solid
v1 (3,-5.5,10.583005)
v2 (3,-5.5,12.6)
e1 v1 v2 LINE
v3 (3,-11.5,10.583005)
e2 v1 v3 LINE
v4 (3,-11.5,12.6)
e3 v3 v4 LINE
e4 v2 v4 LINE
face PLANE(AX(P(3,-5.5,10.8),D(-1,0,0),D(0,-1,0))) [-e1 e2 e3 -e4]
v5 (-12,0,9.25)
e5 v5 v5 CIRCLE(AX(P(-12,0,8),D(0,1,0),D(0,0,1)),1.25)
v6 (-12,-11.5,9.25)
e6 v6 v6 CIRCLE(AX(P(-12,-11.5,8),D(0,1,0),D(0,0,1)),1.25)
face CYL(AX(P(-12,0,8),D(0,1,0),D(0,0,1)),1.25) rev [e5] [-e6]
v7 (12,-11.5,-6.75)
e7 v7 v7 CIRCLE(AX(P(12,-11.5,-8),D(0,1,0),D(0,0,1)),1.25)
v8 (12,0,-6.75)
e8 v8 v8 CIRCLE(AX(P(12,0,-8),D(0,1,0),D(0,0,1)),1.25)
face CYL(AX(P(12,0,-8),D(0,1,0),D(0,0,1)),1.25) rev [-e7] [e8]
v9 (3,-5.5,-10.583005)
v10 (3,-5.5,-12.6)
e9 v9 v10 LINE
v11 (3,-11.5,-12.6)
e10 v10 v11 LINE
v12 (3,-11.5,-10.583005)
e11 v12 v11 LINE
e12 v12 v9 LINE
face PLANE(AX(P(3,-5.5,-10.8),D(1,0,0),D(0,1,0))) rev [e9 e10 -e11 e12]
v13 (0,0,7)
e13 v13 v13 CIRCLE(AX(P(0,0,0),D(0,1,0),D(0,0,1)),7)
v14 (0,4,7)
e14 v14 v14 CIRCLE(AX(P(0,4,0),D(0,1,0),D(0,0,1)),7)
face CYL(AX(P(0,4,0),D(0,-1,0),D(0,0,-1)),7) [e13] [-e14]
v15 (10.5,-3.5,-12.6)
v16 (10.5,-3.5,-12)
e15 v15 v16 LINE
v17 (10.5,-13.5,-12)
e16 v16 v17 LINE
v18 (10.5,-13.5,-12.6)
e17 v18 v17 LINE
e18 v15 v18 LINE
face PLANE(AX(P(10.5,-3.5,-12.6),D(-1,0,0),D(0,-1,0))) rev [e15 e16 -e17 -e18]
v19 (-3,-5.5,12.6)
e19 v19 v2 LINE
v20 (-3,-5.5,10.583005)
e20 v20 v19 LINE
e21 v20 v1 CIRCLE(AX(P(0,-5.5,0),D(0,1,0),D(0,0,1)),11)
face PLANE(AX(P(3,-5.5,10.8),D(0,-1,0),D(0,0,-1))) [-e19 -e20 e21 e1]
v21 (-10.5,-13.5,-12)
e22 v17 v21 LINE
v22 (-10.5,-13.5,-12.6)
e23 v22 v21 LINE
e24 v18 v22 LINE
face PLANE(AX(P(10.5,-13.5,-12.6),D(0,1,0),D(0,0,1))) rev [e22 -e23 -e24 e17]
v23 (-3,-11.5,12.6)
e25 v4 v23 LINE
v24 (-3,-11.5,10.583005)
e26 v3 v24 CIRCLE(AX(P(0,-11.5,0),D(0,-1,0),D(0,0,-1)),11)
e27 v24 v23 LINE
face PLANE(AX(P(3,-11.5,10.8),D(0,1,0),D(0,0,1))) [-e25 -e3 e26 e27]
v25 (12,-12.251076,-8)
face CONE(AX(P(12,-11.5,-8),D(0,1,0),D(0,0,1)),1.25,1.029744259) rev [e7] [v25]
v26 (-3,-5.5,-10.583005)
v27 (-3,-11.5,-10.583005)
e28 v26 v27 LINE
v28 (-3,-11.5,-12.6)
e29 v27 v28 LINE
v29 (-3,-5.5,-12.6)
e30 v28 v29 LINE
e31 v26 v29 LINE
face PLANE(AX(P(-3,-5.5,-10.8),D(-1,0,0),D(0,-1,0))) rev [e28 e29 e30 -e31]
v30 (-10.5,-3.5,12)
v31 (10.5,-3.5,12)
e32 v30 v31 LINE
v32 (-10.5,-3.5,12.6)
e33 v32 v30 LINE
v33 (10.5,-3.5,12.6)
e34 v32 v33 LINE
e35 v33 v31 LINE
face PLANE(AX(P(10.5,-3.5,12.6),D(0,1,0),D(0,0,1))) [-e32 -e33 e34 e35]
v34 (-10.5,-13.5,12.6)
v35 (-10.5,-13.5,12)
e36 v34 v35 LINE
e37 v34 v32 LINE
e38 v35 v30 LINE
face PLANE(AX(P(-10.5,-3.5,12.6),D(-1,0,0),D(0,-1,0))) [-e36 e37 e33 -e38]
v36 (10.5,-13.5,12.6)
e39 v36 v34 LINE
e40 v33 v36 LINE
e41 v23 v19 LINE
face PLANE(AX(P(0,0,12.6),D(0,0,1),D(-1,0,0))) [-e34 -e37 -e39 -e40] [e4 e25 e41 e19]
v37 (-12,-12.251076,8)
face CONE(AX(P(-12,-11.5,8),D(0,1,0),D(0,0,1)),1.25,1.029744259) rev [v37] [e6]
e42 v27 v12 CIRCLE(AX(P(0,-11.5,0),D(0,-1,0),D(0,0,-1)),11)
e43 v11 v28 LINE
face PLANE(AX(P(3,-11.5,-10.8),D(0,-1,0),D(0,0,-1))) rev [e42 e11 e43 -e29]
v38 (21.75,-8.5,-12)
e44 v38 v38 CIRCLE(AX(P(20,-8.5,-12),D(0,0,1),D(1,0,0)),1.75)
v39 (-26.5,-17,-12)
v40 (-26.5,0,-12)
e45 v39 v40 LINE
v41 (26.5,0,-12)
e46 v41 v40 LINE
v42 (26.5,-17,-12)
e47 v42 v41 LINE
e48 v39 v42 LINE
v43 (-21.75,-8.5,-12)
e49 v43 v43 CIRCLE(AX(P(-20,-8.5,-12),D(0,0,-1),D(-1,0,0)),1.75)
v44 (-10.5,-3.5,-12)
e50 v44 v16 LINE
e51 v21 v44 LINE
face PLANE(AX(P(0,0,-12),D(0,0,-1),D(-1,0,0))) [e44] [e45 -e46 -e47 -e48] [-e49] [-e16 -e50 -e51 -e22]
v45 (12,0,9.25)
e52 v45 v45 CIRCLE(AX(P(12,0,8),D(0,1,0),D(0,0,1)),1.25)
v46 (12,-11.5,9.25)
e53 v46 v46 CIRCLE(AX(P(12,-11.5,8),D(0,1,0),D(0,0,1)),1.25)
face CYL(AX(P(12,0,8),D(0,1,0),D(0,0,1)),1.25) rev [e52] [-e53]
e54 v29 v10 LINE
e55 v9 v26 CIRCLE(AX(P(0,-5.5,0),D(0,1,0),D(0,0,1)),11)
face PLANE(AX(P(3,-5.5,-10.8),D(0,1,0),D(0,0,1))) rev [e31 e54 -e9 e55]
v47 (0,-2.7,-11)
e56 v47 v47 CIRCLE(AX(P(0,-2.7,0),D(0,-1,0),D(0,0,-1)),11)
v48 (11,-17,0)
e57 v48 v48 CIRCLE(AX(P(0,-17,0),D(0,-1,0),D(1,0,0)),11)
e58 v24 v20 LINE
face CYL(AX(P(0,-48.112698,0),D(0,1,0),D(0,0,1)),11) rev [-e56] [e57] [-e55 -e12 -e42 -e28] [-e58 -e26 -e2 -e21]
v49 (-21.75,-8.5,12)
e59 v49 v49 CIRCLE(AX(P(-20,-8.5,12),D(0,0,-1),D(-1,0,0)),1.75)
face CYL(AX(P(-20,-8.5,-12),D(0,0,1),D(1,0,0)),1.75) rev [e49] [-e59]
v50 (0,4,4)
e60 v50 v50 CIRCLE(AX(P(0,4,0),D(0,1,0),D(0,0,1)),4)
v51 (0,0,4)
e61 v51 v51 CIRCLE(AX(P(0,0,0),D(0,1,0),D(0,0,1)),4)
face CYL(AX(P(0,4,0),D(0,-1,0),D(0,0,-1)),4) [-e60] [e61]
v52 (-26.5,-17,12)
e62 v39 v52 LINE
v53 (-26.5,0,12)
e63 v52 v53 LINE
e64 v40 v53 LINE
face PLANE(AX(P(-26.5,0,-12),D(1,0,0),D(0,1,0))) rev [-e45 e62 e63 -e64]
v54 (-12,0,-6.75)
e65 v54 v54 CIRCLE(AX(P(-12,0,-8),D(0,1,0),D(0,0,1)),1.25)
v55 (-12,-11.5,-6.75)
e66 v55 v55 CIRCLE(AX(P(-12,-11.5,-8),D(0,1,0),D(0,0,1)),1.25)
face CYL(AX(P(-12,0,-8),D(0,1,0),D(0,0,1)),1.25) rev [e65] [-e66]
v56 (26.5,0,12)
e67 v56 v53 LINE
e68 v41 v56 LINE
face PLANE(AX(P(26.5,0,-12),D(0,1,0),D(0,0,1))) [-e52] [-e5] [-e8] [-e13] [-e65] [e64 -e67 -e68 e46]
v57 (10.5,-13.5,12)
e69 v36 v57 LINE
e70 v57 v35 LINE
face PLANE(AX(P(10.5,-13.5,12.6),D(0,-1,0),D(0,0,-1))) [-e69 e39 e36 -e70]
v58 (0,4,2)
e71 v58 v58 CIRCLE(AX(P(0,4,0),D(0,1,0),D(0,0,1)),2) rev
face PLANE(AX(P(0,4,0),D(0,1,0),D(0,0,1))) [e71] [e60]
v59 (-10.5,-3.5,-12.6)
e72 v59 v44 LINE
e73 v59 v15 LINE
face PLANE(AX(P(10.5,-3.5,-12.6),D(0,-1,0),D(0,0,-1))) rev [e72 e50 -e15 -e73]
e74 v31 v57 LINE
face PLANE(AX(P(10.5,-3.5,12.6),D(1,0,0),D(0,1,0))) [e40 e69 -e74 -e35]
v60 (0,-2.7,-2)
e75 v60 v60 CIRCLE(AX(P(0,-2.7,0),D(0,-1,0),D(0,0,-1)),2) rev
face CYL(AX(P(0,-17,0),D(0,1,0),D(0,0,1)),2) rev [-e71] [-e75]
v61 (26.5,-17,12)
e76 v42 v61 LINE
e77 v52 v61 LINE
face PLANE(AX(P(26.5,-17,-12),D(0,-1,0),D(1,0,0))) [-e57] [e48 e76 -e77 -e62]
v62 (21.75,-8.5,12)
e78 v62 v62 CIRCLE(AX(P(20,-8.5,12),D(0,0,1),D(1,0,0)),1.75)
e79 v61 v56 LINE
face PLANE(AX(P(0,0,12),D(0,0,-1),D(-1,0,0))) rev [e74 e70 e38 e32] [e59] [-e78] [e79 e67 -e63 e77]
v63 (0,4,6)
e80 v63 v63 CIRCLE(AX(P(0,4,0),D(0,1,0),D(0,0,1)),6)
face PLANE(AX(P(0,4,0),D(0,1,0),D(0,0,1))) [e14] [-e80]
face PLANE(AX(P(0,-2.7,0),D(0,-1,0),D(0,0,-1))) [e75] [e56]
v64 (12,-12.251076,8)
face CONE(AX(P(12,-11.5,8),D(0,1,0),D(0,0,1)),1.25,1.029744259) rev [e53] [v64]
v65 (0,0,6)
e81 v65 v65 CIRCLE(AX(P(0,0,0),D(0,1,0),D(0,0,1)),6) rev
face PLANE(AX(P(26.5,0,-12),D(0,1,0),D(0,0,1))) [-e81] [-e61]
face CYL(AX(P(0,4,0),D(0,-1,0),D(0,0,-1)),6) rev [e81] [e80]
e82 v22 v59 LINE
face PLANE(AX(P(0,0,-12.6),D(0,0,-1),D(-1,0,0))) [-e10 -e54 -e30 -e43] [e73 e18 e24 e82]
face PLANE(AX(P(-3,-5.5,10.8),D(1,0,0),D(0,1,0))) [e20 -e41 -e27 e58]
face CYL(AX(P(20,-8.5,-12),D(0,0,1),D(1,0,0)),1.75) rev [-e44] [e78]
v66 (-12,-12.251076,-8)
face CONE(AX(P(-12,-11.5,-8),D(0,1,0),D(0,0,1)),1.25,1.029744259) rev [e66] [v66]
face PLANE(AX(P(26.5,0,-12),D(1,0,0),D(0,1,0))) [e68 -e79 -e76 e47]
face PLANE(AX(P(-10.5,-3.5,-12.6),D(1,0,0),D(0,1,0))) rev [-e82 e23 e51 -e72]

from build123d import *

# Parameters (mm, degrees)
SKETCH_1_R          = 1.75
EXTRUDE_1_DEPTH     = 12
SKETCH_3_R          = 2
CUT_EXTRUDE_1_DEPTH = 18
SKETCH_4_W          = 22.4
SKETCH_4_H          = 14.3
SKETCH_4_W_2        = 6
SKETCH_4_H_2        = 6
EXTRUDE_2_DEPTH     = 1.2
SKETCH_5_W          = 21
SKETCH_5_H          = 10
SKETCH_5_W_2        = 6
SKETCH_5_H_2        = 6
EXTRUDE_3_DEPTH     = 0.6
SKETCH_14_W         = 24.4
SKETCH_14_H         = 23.6
EXTRUDE_6_DEPTH     = 14.3
CUT_EXTRUDE_START   = 2.7
SKETCH_12_R         = 11
CUT_EXTRUDE_6_DEPTH = 14.3
SKETCH_15_W         = 6
SKETCH_15_H         = 6
CUT_EXTRUDE_7_DEPTH = 25.4
SKETCH_6_R          = 7
SKETCH_6_R_2        = 6
SKETCH_6_R_3        = 4
SKETCH_6_R_4        = 2
EXTRUDE_4_DEPTH     = 4
M3X0_51_D           = 2.5
M3X0_51_DEPTH       = 11.5
M3X0_51_TIP         = 0.751075774


with BuildPart() as part:
    # Sketch 1 → Extrude 1 (new body, symmetric)
    with BuildSketch(Plane.XY):
        Polygon((11.2, -17), (11.2, -2.7), (0, -2.7), (0, 0), (26.5, 0), (26.5, -17), align=None)
        with Locations((20, -8.5)):
            Circle(SKETCH_1_R, mode=Mode.SUBTRACT)
    extrude_1 = extrude(amount=EXTRUDE_1_DEPTH, both=True)

    # Mirror 1: Extrude 1 across plane
    add(extrude_1.mirror(Plane(origin=(0, -2.7, -12), x_dir=(0, 0, 1), z_dir=(-1, 0, 0))))

    # Sketch 3 → Cut-Extrude 1 (cut, through all)
    with BuildSketch(Plane(origin=(0, 0, 0), x_dir=(1, 0, 0), z_dir=(0, 1, 0))):
        Circle(SKETCH_3_R)
    extrude(amount=-CUT_EXTRUDE_1_DEPTH, mode=Mode.SUBTRACT)

    # Sketch 4 → Extrude 2 (add)
    with BuildSketch(Plane(origin=(0, 0, -12), x_dir=(-1, 0, 0), z_dir=(0, 0, -1))):
        with Locations((0, -9.85)):
            Rectangle(SKETCH_4_W, SKETCH_4_H)
        with Locations((0, -8.5)):
            Rectangle(SKETCH_4_W_2, SKETCH_4_H_2, mode=Mode.SUBTRACT)
    extrude_2 = extrude(amount=-EXTRUDE_2_DEPTH)

    # Sketch 5 → Extrude 3 (add)
    with BuildSketch(Plane(origin=(0, 0, -12), x_dir=(-1, 0, 0), z_dir=(0, 0, -1))):
        with Locations((0, -8.5)):
            Rectangle(SKETCH_5_W, SKETCH_5_H)
        with Locations((0, -8.5)):
            Rectangle(SKETCH_5_W_2, SKETCH_5_H_2, mode=Mode.SUBTRACT)
    extrude_3 = extrude(amount=EXTRUDE_3_DEPTH)

    # Mirror 2: Extrude 2, Extrude 3 across plane
    add(extrude_2.mirror(Plane.XY))
    add(extrude_3.mirror(Plane.XY))

    # Sketch 14 → Extrude 6 (add)
    with BuildSketch(Plane.XZ.offset(2.7)):
        Rectangle(SKETCH_14_W, SKETCH_14_H)
    extrude(amount=EXTRUDE_6_DEPTH)

    # Sketch 12 → Cut-Extrude 6 (cut)
    with BuildSketch(Plane.XZ.offset(CUT_EXTRUDE_START)):
        Circle(SKETCH_12_R)
    extrude(amount=CUT_EXTRUDE_6_DEPTH, mode=Mode.SUBTRACT)

    # Sketch 15 → Cut-Extrude 7 (cut, through all)
    with BuildSketch(Plane.XY.offset(11.8)):
        with Locations((0, -8.5)):
            Rectangle(SKETCH_15_W, SKETCH_15_H)
    extrude(amount=-CUT_EXTRUDE_7_DEPTH, mode=Mode.SUBTRACT)

    # Sketch 6 → Extrude 4 (add)
    with BuildSketch(Plane(origin=(0, 0, 0), x_dir=(1, 0, 0), z_dir=(0, 1, 0))):
        Circle(SKETCH_6_R)
        Circle(SKETCH_6_R_2, mode=Mode.SUBTRACT)
        Circle(SKETCH_6_R_3)
        Circle(SKETCH_6_R_4, mode=Mode.SUBTRACT)
    extrude(amount=EXTRUDE_4_DEPTH)

    # M3x0.51
    with Locations(Plane(origin=(0, 0, 0), x_dir=(1, 0, 0), z_dir=(0, 1, 0))):
        with Locations((12, 8), (12, -8), (-12, -8), (-12, 8)):
            Hole(M3X0_51_D / 2, depth=M3X0_51_DEPTH)
            with Locations((0, 0, -(M3X0_51_DEPTH + M3X0_51_TIP / 2))):  # 118° drill point
                Cone(0, M3X0_51_D / 2, M3X0_51_TIP, mode=Mode.SUBTRACT)


solid = part.part
